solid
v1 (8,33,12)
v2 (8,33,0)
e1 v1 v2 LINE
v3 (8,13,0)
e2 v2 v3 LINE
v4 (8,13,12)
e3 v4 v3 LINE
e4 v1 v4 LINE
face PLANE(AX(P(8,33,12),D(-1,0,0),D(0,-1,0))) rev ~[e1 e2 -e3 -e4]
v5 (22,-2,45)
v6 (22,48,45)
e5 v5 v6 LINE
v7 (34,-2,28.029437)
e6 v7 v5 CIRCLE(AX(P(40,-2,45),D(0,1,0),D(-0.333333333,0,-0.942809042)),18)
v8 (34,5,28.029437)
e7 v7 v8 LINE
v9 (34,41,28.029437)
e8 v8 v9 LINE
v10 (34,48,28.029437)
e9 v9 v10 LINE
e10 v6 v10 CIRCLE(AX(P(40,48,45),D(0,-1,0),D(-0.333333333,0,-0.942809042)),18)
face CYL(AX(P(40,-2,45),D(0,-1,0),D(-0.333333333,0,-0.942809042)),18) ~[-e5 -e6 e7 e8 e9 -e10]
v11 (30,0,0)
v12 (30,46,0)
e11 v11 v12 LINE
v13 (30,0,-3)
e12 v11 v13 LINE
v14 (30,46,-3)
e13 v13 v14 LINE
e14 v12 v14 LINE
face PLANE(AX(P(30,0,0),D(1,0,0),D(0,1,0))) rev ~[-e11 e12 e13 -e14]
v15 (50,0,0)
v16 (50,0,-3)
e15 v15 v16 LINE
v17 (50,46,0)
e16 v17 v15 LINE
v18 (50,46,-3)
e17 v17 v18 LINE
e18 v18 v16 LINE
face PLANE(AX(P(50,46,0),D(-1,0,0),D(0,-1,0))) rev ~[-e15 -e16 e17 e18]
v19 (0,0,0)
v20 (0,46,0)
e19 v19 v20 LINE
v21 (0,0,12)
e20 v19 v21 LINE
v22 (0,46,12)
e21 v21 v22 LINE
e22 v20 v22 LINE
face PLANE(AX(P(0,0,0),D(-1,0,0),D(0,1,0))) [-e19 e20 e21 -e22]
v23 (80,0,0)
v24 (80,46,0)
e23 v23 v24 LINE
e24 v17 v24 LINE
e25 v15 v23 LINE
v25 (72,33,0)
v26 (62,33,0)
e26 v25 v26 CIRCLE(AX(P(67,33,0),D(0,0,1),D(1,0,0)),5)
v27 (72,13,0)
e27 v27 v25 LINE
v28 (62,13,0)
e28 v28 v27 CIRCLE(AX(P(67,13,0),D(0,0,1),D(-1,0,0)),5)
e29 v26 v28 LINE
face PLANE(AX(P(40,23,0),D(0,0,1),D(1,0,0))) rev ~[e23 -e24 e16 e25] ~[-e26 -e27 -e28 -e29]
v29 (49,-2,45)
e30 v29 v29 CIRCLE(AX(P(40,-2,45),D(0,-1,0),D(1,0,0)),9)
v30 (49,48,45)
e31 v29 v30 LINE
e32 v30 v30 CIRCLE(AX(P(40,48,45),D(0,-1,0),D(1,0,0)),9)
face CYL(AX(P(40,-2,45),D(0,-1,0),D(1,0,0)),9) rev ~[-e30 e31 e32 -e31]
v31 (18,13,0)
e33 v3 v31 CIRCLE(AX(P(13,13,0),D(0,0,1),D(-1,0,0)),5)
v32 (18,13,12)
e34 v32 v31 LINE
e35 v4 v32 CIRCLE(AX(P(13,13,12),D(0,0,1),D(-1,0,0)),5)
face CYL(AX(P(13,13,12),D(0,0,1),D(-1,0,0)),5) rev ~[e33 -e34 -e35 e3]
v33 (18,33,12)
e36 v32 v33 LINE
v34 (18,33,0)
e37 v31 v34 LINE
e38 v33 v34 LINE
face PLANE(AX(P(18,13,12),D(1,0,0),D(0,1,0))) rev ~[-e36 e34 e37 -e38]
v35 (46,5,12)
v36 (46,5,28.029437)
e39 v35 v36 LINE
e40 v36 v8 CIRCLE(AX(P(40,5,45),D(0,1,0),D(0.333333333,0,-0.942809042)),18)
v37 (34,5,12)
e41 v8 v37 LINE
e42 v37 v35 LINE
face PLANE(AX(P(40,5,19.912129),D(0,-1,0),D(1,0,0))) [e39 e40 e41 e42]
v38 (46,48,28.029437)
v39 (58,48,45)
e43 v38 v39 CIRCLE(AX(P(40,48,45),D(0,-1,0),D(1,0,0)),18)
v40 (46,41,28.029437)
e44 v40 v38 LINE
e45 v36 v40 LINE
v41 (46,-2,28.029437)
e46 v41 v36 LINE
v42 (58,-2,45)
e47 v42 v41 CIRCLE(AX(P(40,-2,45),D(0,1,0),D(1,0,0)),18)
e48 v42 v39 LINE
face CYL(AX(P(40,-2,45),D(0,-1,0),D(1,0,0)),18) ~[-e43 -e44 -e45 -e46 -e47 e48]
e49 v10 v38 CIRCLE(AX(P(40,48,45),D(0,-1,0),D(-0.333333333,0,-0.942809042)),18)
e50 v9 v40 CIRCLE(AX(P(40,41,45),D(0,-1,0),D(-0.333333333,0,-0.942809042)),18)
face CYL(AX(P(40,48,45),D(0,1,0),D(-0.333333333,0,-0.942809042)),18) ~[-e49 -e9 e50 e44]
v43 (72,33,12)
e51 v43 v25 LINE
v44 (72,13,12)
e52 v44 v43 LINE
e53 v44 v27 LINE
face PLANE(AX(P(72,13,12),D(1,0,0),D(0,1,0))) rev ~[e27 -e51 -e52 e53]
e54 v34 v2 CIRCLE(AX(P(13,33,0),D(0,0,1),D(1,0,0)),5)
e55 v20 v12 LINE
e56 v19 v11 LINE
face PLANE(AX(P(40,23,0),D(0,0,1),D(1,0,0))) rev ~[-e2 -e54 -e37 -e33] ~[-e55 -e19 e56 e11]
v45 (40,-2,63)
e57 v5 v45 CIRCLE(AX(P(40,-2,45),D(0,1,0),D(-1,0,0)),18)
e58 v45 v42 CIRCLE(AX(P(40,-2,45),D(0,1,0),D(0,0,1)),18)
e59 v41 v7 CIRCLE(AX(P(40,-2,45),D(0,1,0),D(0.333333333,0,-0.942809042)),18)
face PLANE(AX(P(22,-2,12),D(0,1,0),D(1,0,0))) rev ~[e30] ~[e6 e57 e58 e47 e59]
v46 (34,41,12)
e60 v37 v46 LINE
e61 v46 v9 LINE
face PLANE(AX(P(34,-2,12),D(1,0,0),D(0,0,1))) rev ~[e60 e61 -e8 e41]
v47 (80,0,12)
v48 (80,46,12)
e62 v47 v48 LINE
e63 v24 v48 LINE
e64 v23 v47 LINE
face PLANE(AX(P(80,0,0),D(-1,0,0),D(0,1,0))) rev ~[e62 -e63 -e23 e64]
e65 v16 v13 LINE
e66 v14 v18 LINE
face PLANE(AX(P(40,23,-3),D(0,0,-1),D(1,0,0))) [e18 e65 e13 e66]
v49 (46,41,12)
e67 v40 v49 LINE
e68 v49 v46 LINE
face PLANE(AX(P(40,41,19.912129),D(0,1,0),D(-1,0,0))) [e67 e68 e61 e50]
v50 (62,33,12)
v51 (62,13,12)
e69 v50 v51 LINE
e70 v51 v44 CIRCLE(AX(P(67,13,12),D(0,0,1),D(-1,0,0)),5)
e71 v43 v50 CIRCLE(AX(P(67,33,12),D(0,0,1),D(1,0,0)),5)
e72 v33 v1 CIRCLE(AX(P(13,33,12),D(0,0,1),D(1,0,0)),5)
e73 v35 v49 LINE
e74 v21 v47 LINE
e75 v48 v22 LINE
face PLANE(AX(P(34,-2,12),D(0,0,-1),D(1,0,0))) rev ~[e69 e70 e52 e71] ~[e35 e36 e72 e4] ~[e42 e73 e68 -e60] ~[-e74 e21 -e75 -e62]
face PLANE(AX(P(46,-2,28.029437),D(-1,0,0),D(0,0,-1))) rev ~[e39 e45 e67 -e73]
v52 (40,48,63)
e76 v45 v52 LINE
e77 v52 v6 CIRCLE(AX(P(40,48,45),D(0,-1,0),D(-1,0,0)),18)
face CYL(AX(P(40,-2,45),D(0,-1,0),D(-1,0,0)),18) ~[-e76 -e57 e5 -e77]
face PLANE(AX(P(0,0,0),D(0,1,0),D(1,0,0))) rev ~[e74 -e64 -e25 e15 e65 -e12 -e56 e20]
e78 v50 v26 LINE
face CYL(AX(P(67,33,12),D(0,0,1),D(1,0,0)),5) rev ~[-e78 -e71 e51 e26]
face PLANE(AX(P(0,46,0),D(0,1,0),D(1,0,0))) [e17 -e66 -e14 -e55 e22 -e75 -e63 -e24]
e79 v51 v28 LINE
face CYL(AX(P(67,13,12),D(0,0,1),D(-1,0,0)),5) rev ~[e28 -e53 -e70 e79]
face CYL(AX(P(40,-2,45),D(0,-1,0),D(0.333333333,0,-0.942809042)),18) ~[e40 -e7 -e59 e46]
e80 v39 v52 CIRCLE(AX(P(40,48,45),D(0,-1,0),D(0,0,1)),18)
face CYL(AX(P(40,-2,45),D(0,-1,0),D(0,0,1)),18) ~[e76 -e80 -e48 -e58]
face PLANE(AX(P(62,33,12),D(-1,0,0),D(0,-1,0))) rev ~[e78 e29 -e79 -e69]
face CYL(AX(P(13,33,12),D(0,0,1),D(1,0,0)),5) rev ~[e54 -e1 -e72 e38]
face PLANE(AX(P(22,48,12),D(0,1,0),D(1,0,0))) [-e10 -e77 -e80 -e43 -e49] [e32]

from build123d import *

# Parameters (mm, degrees)
F0_W      = 80
F0_H      = 46
F1_DEPTH  = 12
F3_DEPTH  = 3
F5_DEPTH  = 12
F6_W      = 36
F6_H      = 46
F6_H_2    = 2
F7_DEPTH  = 51
F8_R      = 9
F9_DEPTH  = 51
F11_DEPTH = 7
F13_DEPTH = 7


with BuildPart() as f1:
    # F0 (on Top) → F1 (new body)
    with BuildSketch(Plane.XY):
        with Locations((40, 23)):
            Rectangle(F0_W, F0_H)
    extrude(amount=F1_DEPTH)

    # F2 (on face) → F3 (join)
    with BuildSketch(Plane(origin=(0, 0, 0), x_dir=(1, 0, 0), z_dir=(0, 0, -1))):
        Polygon((30, -46), (40, -46), (50, -46), (50, 0), (30, 0), align=None)
    extrude(amount=F3_DEPTH)

    # F4 (on face) → F5 (cut)
    with BuildSketch(Plane.XY.offset(12)):
        with BuildLine():
            Line((8, 33), (8, 13))
            ThreePointArc((8, 13), (13, 8), (18, 13))
            Line((18, 13), (18, 33))
            ThreePointArc((18, 33), (13, 38), (8, 33))
        make_face()
        with BuildLine():
            ThreePointArc((72, 33), (67, 38), (62, 33))
            Line((62, 33), (62, 13))
            ThreePointArc((62, 13), (67, 8), (72, 13))
            Line((72, 13), (72, 33))
        make_face()
    extrude(amount=-F5_DEPTH, mode=Mode.SUBTRACT)

    # F6 (on face) → F7 (join)
    with BuildSketch(Plane.XY.offset(12)):
        with Locations((40, 23)):
            Rectangle(F6_W, F6_H)
        with Locations((40, -1)):
            Rectangle(F6_W, F6_H_2)
        with Locations((40, 47)):
            Rectangle(F6_W, F6_H_2)
    extrude(amount=F7_DEPTH)

    # F8 (on face) → F9 (cut)
    with BuildSketch(Plane.XZ.offset(2)):
        with BuildLine():
            Line((22, 63), (22, 45))
            ThreePointArc((22, 45), (27.2720779386, 57.7279220614), (40, 63))
            Line((40, 63), (22, 63))
        make_face()
        with BuildLine():
            ThreePointArc((40, 63), (52.7279220614, 57.7279220614), (58, 45))
            Line((58, 45), (58, 63))
            Line((58, 63), (40, 63))
        make_face()
        with BuildLine():
            ThreePointArc((58, 45), (54.6969384567, 34.6076951546), (46, 28.0294372515))
            Line((46, 28.0294372515), (46, 12))
            Line((46, 12), (58, 12))
            Line((58, 12), (58, 45))
        make_face()
        with BuildLine():
            Line((34, 12), (34, 28.0294372515))
            ThreePointArc((34, 28.0294372515), (25.3030615433, 34.6076951546), (22, 45))
            Line((22, 45), (22, 12))
            Line((22, 12), (34, 12))
        make_face()
        with Locations((40, 45)):
            Circle(F8_R)
    extrude(amount=-F9_DEPTH, mode=Mode.SUBTRACT)

    # F10 (on face) → F11 (cut)
    with BuildSketch(Plane.XZ.offset(2)):
        with BuildLine():
            Line((34, 12), (46, 12))
            Line((46, 12), (46, 28.0294372515))
            ThreePointArc((46, 28.0294372515), (40, 27), (34, 28.0294372515))
            Line((34, 28.0294372515), (34, 12))
        make_face()
    extrude(amount=-F11_DEPTH, mode=Mode.SUBTRACT)

    # F12 (on face) → F13 (cut)
    with BuildSketch(Plane(origin=(0, 48, 0), x_dir=(-1, 0, 0), z_dir=(0, 1, 0))):
        with BuildLine():
            Line((-46, 28.0294372515), (-46, 12))
            Line((-46, 12), (-34, 12))
            Line((-34, 12), (-34, 28.0294372515))
            ThreePointArc((-34, 28.0294372515), (-40, 27), (-46, 28.0294372515))
        make_face()
    extrude(amount=-F13_DEPTH, mode=Mode.SUBTRACT)


solid = f1.part
